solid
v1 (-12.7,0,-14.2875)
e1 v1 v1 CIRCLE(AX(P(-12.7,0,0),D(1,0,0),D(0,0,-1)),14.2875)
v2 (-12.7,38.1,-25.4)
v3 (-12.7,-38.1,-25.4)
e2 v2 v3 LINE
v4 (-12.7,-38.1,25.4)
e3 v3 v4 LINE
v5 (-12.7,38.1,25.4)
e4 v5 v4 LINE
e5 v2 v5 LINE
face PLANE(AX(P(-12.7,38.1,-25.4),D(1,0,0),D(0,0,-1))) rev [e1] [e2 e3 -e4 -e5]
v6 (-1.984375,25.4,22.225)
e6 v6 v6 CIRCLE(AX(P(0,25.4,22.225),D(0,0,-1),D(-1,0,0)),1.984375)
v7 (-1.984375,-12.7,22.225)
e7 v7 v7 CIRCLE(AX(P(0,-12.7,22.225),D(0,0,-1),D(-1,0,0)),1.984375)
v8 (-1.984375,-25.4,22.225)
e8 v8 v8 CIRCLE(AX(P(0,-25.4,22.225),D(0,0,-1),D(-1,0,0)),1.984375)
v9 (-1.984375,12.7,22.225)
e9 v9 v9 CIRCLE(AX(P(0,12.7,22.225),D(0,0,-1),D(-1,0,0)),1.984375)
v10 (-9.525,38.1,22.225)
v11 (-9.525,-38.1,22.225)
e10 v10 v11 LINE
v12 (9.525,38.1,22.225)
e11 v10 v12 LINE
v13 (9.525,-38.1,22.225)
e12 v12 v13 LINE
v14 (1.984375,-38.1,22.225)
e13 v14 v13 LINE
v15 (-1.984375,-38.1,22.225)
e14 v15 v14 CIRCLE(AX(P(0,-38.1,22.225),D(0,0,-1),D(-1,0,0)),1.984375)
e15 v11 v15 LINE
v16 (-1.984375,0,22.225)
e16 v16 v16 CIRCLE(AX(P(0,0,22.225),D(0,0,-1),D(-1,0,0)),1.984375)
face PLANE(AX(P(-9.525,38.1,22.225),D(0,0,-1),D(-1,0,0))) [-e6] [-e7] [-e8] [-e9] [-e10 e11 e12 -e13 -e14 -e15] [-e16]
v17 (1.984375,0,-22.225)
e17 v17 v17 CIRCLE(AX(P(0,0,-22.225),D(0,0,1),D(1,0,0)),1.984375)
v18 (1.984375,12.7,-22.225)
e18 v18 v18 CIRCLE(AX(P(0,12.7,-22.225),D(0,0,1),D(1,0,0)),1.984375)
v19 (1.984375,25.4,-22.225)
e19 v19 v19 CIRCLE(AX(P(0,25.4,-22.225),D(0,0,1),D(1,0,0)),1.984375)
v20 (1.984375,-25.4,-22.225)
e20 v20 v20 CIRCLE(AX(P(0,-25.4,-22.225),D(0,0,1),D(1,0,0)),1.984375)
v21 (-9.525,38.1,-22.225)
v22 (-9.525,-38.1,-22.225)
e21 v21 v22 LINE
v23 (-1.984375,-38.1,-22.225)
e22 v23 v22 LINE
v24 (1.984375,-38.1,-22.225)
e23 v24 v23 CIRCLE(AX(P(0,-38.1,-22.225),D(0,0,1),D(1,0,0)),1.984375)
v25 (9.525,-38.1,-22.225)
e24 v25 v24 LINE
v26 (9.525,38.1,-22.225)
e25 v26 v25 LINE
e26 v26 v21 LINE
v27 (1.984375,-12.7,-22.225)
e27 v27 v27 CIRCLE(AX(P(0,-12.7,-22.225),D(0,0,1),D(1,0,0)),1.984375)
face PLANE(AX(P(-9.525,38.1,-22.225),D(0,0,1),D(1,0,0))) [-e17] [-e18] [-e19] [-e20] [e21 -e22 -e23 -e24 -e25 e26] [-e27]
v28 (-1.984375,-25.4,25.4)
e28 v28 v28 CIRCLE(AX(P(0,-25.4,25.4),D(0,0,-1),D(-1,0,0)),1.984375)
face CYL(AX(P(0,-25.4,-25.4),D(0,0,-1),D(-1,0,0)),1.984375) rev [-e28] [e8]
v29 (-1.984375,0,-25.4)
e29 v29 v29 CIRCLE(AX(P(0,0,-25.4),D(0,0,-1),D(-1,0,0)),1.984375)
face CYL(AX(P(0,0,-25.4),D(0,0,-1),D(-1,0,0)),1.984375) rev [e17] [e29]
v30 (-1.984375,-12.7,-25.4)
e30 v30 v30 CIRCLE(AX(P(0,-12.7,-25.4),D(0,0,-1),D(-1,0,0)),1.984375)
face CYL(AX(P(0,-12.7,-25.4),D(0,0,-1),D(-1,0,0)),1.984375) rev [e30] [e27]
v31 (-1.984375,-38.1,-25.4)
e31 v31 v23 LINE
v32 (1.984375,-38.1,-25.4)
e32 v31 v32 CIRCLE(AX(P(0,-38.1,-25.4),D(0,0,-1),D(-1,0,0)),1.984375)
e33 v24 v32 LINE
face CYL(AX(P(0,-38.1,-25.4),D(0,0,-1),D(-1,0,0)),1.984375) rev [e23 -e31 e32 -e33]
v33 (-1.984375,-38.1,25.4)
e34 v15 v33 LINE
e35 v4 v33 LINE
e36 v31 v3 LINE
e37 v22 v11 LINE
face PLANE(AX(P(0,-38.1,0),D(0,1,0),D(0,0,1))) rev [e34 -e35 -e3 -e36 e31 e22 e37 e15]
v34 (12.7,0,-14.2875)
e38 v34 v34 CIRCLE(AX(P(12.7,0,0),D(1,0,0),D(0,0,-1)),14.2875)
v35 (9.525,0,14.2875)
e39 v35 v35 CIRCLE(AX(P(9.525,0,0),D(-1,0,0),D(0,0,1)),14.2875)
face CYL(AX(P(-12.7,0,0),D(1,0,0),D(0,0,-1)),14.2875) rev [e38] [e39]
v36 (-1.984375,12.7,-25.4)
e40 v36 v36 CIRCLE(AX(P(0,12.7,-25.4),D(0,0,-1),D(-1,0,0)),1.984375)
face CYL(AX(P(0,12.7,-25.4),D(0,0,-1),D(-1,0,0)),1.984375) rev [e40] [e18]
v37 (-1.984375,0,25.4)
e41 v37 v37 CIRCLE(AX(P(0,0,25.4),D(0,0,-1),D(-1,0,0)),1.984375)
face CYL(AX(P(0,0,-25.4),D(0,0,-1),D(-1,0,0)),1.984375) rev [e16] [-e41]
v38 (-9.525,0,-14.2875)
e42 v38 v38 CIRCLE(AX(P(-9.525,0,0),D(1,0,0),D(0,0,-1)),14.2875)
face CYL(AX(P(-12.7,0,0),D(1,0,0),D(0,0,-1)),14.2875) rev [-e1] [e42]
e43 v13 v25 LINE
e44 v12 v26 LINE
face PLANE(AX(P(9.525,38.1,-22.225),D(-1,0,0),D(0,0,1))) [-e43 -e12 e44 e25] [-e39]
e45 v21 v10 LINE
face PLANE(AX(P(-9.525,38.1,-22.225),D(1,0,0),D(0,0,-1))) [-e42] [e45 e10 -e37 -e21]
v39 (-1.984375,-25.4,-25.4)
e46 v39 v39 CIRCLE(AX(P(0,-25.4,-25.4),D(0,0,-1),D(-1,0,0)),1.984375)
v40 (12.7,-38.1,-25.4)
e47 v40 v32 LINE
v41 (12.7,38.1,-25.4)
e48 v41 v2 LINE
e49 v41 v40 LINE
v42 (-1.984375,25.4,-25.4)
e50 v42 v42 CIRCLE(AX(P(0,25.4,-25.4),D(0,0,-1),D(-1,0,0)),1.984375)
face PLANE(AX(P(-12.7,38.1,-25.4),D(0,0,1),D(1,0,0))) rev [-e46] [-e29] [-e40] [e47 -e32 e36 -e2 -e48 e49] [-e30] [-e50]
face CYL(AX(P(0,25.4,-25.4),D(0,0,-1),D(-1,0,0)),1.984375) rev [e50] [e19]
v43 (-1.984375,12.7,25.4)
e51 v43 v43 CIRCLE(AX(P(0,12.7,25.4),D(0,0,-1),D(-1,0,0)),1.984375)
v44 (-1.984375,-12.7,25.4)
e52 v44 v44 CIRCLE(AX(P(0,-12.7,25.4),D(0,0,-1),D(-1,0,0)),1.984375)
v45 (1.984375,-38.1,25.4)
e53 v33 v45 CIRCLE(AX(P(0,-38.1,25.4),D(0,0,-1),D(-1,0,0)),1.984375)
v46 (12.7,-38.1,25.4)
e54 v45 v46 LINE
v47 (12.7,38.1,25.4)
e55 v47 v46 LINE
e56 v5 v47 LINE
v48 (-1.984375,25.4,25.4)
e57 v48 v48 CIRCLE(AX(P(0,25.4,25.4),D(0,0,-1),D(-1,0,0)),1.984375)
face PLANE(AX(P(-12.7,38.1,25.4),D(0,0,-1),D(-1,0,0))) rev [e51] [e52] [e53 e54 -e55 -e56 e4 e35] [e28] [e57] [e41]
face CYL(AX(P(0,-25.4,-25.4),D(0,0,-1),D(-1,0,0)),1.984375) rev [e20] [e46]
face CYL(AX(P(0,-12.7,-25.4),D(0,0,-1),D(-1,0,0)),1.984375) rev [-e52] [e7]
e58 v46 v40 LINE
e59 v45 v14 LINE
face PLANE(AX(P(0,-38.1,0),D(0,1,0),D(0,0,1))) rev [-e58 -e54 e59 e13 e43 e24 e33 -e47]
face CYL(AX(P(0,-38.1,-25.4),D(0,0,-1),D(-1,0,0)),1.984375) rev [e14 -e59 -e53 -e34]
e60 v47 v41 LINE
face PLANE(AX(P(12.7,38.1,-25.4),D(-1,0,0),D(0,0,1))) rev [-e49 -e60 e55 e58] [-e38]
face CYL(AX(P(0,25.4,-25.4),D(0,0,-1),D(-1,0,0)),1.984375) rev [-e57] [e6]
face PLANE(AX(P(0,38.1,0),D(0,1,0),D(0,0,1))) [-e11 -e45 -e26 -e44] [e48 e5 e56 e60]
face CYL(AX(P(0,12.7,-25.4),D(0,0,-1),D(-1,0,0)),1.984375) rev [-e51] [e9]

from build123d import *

# Parameters (mm, degrees)
SKETCH1_W                       = 25.4
SKETCH1_H                       = 50.8
SKETCH1_W_2                     = 19.05
SKETCH1_H_2                     = 44.45
BOSS_EXTRUDE1_DEPTH             = 38.1
F_5_32_0_15625_DIAMETER_HOLE1_D = 3.96875
SKETCH5_R                       = 14.2875
CUT_EXTRUDE1_DEPTH              = 53.363441445


with BuildPart() as part:
    # Sketch1 → Boss-Extrude1 (new, symmetric)
    with BuildSketch(Plane(origin=(0, 0, 0), x_dir=(1, 0, 0), z_dir=(0, 1, 0))):
        Rectangle(SKETCH1_W, SKETCH1_H)
        Rectangle(SKETCH1_W_2, SKETCH1_H_2, mode=Mode.SUBTRACT)
    extrude(amount=BOSS_EXTRUDE1_DEPTH, both=True)

    # 5/32 (0.15625) Diameter Hole1 (through all)
    with Locations(Plane(origin=(0, 0, -25.4), x_dir=(-1, 0, 0), z_dir=(0, 0, -1))):
        with Locations((0, 25.4), (0, 12.7), (0, 0), (0, -12.7), (0, -25.4), (0, -38.1), (0, -50.8), (0, -63.5), (0, -76.2), (0, -88.9), (0, -101.6), (0, -114.3), (0, -127), (0, -139.7), (0, -152.4), (0, -165.1), (0, -177.8), (0, -190.5), (0, -203.2), (0, -215.9), (0, -228.6), (0, -241.3), (0, -254), (0, -266.7), (0, -279.4), (0, -292.1), (0, -304.8), (0, -317.5), (0, -330.2), (0, -342.9), (0, -355.6), (0, -368.3), (0, -381), (0, -393.7), (0, -406.4), (0, -419.1), (0, -431.8), (0, -444.5), (0, -457.2), (0, -469.9), (0, -482.6), (0, -495.3), (0, -508), (0, -520.7), (0, -533.4), (0, -546.1), (0, -558.8), (0, -571.5), (0, -584.2), (0, -596.9), (0, -609.6), (0, -622.3), (0, -635), (0, -647.7), (0, -660.4), (0, -673.1), (0, -685.8), (0, -698.5), (0, -711.2), (0, -723.9), (0, -736.6), (0, -749.3), (0, -762), (0, -774.7), (0, -787.4), (0, -800.1), (0, -812.8), (0, -825.5), (0, -838.2)):
            Hole(F_5_32_0_15625_DIAMETER_HOLE1_D / 2)

    # Sketch5 → Cut-Extrude1 (cut, through all)
    with BuildSketch(Plane(origin=(12.7, 0, 0), x_dir=(0, 0, -1), z_dir=(1, 0, 0))):
        Circle(SKETCH5_R)
    extrude(amount=-CUT_EXTRUDE1_DEPTH, mode=Mode.SUBTRACT)


solid = part.part
